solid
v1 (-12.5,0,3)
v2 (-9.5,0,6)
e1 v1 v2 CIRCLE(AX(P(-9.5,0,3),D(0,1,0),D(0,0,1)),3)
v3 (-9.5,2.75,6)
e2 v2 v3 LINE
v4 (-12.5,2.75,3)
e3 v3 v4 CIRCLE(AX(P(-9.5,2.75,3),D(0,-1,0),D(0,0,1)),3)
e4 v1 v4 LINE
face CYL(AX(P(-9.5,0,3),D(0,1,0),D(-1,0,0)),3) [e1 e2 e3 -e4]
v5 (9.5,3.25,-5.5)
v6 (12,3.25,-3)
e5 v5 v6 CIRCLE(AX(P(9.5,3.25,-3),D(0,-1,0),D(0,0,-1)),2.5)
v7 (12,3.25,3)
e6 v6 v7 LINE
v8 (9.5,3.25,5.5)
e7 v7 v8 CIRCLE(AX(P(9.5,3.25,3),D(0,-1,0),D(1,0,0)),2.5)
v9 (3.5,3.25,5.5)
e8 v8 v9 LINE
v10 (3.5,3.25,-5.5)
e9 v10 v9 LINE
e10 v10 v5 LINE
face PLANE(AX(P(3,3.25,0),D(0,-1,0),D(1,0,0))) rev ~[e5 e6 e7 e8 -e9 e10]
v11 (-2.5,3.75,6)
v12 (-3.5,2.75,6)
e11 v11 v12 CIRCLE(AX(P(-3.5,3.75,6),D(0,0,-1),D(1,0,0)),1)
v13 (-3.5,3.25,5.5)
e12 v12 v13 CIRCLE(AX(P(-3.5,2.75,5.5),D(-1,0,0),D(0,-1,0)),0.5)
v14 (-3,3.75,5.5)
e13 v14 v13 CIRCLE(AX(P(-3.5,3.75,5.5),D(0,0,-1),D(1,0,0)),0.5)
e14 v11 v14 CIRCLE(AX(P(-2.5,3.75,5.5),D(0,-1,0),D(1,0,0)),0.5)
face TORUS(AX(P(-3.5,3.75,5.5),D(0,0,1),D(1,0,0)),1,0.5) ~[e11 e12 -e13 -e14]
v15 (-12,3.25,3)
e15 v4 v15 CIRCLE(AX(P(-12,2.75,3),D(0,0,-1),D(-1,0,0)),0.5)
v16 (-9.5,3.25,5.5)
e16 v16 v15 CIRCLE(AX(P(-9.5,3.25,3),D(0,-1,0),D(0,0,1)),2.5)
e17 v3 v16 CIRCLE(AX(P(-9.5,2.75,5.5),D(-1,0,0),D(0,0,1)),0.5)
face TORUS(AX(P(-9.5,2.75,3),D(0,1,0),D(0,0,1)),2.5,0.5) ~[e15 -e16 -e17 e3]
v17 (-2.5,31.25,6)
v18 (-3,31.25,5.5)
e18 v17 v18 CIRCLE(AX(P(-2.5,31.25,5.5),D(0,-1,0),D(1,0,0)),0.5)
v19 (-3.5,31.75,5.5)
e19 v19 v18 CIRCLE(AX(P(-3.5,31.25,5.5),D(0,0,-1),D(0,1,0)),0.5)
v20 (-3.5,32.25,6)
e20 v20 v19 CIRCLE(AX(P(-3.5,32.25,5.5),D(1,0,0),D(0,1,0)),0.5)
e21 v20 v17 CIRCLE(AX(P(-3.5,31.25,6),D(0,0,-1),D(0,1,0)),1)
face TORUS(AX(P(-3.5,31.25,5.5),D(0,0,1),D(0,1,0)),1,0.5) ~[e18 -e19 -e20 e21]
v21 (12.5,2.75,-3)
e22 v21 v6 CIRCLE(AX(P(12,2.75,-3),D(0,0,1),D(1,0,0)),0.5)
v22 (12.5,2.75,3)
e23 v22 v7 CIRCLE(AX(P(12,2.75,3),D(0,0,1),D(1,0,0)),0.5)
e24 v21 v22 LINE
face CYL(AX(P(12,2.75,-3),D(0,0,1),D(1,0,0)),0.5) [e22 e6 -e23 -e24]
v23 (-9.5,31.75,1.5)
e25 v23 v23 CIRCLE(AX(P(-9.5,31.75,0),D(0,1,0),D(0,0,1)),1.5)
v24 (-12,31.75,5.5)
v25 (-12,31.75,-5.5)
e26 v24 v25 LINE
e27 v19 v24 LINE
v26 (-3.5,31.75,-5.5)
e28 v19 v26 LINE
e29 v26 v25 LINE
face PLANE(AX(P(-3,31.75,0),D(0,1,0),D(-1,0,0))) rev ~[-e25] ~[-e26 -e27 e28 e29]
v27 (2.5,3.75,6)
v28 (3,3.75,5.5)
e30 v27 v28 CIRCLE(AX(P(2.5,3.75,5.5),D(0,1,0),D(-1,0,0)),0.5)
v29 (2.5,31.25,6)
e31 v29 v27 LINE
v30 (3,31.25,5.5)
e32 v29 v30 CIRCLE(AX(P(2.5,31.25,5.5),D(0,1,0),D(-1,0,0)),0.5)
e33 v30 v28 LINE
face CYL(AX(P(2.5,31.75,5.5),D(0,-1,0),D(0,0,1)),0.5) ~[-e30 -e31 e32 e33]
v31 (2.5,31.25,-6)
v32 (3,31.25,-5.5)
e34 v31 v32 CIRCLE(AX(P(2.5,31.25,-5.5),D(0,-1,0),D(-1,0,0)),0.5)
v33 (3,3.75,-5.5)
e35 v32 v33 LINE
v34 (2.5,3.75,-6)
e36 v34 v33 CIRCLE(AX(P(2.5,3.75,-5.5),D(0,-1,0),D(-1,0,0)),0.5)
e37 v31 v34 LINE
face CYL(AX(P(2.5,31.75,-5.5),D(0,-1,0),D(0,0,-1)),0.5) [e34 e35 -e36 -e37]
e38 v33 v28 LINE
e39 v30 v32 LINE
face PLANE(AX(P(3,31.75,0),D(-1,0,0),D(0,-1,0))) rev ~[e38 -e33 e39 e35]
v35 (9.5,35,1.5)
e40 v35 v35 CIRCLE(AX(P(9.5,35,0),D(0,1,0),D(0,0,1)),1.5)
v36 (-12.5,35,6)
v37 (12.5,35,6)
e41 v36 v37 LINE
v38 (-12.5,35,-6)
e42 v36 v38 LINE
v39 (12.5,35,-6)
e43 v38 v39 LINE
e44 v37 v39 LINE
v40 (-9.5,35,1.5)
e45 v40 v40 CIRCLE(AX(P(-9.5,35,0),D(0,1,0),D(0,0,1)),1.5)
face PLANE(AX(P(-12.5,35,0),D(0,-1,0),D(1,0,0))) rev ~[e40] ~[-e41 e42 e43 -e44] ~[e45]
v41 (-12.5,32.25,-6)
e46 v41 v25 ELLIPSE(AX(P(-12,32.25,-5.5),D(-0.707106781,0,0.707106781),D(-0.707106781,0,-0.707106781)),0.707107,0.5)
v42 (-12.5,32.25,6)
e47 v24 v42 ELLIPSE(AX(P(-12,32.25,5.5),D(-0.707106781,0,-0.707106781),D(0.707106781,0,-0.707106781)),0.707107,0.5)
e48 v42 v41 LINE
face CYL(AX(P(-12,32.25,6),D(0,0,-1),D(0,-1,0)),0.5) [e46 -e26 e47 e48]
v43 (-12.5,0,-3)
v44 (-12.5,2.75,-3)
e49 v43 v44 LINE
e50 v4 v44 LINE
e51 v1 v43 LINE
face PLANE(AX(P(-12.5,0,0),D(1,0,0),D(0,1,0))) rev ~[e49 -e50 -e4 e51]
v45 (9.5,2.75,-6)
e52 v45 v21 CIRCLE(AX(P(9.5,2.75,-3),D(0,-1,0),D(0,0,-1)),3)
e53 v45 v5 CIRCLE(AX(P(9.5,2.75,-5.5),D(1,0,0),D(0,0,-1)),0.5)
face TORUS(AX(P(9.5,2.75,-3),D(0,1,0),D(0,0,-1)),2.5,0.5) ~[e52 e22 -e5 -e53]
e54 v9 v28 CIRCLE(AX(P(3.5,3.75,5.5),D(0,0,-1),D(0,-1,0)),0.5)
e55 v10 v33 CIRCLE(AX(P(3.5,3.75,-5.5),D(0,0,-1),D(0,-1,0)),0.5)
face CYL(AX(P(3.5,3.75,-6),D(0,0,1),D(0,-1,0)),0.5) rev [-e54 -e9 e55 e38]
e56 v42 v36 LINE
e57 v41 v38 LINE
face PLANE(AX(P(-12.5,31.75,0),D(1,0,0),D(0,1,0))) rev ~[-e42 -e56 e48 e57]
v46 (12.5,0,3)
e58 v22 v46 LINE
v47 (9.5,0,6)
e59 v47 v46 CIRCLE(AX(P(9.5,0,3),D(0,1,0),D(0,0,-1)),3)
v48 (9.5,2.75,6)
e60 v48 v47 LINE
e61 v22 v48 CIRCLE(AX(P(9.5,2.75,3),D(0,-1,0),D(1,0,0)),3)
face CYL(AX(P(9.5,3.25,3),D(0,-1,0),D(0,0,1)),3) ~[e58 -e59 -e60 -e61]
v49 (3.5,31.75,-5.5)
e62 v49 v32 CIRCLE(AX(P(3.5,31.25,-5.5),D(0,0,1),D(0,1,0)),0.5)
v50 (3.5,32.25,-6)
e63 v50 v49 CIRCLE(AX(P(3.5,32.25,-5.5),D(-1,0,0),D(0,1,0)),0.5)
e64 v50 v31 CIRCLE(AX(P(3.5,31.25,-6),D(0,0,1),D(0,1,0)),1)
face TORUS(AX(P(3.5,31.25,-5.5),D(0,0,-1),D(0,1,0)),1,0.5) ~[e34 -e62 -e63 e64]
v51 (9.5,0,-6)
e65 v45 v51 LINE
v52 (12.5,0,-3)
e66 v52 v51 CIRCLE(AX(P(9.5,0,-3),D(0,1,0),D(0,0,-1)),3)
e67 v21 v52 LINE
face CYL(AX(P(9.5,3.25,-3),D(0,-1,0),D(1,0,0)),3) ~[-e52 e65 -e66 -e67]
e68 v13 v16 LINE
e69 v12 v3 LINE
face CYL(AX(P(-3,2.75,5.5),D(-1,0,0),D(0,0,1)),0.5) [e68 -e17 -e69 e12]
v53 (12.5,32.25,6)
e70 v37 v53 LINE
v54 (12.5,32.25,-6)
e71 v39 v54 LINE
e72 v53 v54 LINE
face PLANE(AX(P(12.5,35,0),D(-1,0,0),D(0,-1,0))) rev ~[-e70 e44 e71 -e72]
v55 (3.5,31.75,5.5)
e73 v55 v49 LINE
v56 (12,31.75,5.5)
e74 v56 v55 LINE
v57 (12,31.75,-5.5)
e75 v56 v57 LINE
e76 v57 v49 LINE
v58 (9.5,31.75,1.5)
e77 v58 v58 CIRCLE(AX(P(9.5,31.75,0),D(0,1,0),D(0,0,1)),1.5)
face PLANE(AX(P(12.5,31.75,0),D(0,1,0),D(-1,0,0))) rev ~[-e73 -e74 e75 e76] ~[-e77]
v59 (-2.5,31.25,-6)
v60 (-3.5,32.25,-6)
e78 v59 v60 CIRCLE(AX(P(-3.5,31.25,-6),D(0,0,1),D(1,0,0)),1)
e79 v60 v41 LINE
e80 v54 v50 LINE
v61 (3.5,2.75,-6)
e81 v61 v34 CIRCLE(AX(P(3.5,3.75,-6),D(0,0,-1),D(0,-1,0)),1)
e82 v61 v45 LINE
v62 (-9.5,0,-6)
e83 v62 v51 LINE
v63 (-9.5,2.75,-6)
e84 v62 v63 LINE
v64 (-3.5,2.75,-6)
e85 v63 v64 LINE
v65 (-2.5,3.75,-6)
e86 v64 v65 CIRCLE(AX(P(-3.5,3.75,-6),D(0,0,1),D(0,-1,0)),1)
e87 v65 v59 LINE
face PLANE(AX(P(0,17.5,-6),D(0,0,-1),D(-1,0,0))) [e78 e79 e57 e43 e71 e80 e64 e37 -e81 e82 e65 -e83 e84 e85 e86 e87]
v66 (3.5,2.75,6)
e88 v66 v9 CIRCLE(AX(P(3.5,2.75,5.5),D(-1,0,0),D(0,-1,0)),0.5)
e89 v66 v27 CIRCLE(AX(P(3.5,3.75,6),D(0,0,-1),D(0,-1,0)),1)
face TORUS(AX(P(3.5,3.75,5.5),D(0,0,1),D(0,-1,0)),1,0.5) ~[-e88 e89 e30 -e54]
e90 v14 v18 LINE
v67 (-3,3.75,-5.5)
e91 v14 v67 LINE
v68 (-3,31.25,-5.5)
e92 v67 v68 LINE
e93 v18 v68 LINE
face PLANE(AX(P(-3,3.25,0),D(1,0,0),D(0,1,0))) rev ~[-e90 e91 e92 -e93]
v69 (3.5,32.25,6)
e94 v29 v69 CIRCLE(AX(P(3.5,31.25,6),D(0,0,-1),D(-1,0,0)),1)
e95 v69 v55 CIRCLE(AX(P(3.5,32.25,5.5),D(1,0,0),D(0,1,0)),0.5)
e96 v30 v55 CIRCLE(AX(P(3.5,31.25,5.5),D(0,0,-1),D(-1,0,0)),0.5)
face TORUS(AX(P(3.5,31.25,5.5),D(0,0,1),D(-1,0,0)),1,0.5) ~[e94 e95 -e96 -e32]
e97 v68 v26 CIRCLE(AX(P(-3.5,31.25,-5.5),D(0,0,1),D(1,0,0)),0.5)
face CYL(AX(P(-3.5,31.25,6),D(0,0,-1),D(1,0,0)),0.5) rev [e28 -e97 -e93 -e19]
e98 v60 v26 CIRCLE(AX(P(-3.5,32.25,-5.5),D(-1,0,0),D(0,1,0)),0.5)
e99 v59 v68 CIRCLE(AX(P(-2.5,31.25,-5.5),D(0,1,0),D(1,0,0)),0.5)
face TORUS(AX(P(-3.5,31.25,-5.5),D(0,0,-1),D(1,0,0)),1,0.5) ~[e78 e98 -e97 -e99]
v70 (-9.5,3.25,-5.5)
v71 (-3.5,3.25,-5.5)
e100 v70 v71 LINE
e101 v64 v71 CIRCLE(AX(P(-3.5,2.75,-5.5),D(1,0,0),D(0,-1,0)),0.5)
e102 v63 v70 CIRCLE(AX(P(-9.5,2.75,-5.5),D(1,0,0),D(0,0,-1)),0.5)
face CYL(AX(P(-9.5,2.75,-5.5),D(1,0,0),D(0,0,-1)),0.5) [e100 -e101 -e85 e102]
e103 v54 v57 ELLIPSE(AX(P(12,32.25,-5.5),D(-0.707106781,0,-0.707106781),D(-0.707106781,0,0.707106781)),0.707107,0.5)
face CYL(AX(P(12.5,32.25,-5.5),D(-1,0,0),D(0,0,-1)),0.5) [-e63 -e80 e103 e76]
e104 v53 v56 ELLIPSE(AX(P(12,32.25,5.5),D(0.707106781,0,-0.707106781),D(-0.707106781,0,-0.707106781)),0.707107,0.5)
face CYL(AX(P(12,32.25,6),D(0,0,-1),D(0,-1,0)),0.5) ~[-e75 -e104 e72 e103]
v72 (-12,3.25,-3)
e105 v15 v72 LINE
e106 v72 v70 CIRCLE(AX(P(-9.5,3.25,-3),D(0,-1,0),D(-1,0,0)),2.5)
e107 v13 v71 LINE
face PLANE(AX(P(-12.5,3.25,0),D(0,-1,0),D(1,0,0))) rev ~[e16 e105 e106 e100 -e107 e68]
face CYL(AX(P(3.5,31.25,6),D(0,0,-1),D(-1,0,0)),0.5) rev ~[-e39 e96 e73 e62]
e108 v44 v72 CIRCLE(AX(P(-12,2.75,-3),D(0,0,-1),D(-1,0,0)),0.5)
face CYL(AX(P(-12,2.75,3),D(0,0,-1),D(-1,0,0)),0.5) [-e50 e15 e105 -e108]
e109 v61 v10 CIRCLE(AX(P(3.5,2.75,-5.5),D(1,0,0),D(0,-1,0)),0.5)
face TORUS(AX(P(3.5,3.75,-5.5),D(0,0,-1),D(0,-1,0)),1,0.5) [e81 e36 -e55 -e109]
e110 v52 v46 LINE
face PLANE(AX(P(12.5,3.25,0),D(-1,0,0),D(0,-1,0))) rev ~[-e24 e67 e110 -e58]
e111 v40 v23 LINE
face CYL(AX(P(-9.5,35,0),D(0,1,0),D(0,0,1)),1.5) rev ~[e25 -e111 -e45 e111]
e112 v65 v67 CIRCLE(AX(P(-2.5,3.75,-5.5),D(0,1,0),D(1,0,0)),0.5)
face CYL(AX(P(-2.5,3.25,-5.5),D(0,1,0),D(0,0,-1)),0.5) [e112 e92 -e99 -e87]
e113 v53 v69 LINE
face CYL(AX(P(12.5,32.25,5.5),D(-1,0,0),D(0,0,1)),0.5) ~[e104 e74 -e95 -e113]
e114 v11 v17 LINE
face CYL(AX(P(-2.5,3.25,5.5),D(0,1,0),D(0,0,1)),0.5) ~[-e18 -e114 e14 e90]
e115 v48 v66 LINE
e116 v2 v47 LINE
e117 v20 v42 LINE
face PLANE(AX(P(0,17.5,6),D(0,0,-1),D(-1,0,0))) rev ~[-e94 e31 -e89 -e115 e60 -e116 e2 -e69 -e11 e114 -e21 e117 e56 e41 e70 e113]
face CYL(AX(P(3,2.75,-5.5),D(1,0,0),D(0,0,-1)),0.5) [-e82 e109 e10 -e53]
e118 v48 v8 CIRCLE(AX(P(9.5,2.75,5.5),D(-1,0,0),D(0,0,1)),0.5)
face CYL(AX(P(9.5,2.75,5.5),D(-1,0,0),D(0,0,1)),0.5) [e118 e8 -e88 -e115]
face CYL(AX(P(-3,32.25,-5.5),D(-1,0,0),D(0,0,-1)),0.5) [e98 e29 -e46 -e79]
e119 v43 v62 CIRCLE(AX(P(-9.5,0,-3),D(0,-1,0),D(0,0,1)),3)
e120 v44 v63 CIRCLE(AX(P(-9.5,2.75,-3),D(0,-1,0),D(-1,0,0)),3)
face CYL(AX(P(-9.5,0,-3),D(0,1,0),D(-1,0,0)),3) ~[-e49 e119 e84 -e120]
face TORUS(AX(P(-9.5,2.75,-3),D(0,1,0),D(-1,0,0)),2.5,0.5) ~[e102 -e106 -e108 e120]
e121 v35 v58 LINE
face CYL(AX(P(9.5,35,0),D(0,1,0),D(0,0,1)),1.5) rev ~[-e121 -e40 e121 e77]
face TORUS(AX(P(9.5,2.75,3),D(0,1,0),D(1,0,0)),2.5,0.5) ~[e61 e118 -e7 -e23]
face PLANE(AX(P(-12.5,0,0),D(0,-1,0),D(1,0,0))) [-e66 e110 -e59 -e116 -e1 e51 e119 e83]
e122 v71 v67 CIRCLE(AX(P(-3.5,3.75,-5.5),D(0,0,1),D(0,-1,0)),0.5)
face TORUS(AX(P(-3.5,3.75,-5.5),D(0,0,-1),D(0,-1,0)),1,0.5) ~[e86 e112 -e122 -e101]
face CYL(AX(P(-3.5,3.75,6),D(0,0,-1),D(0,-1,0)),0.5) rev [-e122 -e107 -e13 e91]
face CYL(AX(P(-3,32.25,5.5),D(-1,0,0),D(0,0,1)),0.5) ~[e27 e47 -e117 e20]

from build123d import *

# Parameters (mm, degrees)
BOSS_EXTRUDE1_DEPTH = 6
FILLET1_R           = 3
CUT_EXTRUDE1_REACH  = 39.646
SKETCH2_R           = 1.5
FILLET2_R           = 0.5


with BuildPart() as part:
    # Sketch1 → Boss-Extrude1 (new, symmetric)
    with BuildSketch(Plane.XY):
        Polygon((0, 0), (-12.5, 0), (-12.5, 3.25), (-3, 3.25), (-3, 31.75), (-12.5, 31.75), (-12.5, 35), (12.5, 35), (12.5, 31.75), (3, 31.75), (3, 3.25), (12.5, 3.25), (12.5, 0), align=None)
    extrude(amount=BOSS_EXTRUDE1_DEPTH, both=True)

    # Fillet1
    fillet1_edges = [part.edges().sort_by_distance(p)[0] for p in [
        (-12.5, 1.625, -6),
        (12.5, 1.625, -6),
        (-12.5, 1.625, 6),
        (12.5, 1.625, 6),
    ]]
    fillet(fillet1_edges, radius=FILLET1_R)

    # Sketch2 → Cut-Extrude1 (cut, up to next)
    with BuildSketch(Plane(origin=(0, 35, 0), x_dir=(1, 0, 0), z_dir=(0, 1, 0)), mode=Mode.PRIVATE) as cut_extrude1_sk1:
        with Locations(Location((-9.5, 0, 0), (0, 0, 270))):
            Circle(SKETCH2_R)
    cut_extrude1_tool1 = extrude(cut_extrude1_sk1.sketch, amount=-CUT_EXTRUDE1_REACH, mode=Mode.PRIVATE) & part.part
    # Sketch2 → Cut-Extrude1 (cut, up to next)
    with BuildSketch(Plane(origin=(0, 35, 0), x_dir=(1, 0, 0), z_dir=(0, 1, 0)), mode=Mode.PRIVATE) as cut_extrude1_sk2:
        with Locations(Location((9.5, 0, 0), (0, 0, 270))):
            Circle(SKETCH2_R)
    cut_extrude1_tool2 = extrude(cut_extrude1_sk2.sketch, amount=-CUT_EXTRUDE1_REACH, mode=Mode.PRIVATE) & part.part
    add(cut_extrude1_tool1.solids().sort_by_distance((-9.5, 35, 0))[0], mode=Mode.SUBTRACT)
    add(cut_extrude1_tool2.solids().sort_by_distance((9.5, 35, 0))[0], mode=Mode.SUBTRACT)

    # Fillet2
    fillet2_edges = [part.edges().sort_by_distance(p)[0] for p in [
        (-6.25, 3.25, -6),
        (-3, 17.5, -6),
        (-7.75, 31.75, -6),
        (7.75, 31.75, -6),
        (3, 17.5, -6),
        (3, 17.5, 6),
        (7.75, 31.75, 6),
        (-3, 3.25, 0),
        (-3, 31.75, 0),
        (-12.5, 31.75, 0),
        (12.5, 31.75, 0),
        (3, 31.75, 0),
        (3, 3.25, 0),
        (-7.75, 31.75, 6),
        (-12.5, 3.25, 0),
        (-3, 17.5, 6),
        (-6.25, 3.25, 6),
        (6.25, 3.25, -6),
        (-11.621320344, 3.25, 5.121320344),
        (-11.621320344, 3.25, -5.121320344),
        (12.5, 3.25, 0),
        (6.25, 3.25, 6),
        (11.621320344, 3.25, 5.121320344),
        (11.621320344, 3.25, -5.121320344),
    ]]
    fillet(fillet2_edges, radius=FILLET2_R)


solid = part.part
